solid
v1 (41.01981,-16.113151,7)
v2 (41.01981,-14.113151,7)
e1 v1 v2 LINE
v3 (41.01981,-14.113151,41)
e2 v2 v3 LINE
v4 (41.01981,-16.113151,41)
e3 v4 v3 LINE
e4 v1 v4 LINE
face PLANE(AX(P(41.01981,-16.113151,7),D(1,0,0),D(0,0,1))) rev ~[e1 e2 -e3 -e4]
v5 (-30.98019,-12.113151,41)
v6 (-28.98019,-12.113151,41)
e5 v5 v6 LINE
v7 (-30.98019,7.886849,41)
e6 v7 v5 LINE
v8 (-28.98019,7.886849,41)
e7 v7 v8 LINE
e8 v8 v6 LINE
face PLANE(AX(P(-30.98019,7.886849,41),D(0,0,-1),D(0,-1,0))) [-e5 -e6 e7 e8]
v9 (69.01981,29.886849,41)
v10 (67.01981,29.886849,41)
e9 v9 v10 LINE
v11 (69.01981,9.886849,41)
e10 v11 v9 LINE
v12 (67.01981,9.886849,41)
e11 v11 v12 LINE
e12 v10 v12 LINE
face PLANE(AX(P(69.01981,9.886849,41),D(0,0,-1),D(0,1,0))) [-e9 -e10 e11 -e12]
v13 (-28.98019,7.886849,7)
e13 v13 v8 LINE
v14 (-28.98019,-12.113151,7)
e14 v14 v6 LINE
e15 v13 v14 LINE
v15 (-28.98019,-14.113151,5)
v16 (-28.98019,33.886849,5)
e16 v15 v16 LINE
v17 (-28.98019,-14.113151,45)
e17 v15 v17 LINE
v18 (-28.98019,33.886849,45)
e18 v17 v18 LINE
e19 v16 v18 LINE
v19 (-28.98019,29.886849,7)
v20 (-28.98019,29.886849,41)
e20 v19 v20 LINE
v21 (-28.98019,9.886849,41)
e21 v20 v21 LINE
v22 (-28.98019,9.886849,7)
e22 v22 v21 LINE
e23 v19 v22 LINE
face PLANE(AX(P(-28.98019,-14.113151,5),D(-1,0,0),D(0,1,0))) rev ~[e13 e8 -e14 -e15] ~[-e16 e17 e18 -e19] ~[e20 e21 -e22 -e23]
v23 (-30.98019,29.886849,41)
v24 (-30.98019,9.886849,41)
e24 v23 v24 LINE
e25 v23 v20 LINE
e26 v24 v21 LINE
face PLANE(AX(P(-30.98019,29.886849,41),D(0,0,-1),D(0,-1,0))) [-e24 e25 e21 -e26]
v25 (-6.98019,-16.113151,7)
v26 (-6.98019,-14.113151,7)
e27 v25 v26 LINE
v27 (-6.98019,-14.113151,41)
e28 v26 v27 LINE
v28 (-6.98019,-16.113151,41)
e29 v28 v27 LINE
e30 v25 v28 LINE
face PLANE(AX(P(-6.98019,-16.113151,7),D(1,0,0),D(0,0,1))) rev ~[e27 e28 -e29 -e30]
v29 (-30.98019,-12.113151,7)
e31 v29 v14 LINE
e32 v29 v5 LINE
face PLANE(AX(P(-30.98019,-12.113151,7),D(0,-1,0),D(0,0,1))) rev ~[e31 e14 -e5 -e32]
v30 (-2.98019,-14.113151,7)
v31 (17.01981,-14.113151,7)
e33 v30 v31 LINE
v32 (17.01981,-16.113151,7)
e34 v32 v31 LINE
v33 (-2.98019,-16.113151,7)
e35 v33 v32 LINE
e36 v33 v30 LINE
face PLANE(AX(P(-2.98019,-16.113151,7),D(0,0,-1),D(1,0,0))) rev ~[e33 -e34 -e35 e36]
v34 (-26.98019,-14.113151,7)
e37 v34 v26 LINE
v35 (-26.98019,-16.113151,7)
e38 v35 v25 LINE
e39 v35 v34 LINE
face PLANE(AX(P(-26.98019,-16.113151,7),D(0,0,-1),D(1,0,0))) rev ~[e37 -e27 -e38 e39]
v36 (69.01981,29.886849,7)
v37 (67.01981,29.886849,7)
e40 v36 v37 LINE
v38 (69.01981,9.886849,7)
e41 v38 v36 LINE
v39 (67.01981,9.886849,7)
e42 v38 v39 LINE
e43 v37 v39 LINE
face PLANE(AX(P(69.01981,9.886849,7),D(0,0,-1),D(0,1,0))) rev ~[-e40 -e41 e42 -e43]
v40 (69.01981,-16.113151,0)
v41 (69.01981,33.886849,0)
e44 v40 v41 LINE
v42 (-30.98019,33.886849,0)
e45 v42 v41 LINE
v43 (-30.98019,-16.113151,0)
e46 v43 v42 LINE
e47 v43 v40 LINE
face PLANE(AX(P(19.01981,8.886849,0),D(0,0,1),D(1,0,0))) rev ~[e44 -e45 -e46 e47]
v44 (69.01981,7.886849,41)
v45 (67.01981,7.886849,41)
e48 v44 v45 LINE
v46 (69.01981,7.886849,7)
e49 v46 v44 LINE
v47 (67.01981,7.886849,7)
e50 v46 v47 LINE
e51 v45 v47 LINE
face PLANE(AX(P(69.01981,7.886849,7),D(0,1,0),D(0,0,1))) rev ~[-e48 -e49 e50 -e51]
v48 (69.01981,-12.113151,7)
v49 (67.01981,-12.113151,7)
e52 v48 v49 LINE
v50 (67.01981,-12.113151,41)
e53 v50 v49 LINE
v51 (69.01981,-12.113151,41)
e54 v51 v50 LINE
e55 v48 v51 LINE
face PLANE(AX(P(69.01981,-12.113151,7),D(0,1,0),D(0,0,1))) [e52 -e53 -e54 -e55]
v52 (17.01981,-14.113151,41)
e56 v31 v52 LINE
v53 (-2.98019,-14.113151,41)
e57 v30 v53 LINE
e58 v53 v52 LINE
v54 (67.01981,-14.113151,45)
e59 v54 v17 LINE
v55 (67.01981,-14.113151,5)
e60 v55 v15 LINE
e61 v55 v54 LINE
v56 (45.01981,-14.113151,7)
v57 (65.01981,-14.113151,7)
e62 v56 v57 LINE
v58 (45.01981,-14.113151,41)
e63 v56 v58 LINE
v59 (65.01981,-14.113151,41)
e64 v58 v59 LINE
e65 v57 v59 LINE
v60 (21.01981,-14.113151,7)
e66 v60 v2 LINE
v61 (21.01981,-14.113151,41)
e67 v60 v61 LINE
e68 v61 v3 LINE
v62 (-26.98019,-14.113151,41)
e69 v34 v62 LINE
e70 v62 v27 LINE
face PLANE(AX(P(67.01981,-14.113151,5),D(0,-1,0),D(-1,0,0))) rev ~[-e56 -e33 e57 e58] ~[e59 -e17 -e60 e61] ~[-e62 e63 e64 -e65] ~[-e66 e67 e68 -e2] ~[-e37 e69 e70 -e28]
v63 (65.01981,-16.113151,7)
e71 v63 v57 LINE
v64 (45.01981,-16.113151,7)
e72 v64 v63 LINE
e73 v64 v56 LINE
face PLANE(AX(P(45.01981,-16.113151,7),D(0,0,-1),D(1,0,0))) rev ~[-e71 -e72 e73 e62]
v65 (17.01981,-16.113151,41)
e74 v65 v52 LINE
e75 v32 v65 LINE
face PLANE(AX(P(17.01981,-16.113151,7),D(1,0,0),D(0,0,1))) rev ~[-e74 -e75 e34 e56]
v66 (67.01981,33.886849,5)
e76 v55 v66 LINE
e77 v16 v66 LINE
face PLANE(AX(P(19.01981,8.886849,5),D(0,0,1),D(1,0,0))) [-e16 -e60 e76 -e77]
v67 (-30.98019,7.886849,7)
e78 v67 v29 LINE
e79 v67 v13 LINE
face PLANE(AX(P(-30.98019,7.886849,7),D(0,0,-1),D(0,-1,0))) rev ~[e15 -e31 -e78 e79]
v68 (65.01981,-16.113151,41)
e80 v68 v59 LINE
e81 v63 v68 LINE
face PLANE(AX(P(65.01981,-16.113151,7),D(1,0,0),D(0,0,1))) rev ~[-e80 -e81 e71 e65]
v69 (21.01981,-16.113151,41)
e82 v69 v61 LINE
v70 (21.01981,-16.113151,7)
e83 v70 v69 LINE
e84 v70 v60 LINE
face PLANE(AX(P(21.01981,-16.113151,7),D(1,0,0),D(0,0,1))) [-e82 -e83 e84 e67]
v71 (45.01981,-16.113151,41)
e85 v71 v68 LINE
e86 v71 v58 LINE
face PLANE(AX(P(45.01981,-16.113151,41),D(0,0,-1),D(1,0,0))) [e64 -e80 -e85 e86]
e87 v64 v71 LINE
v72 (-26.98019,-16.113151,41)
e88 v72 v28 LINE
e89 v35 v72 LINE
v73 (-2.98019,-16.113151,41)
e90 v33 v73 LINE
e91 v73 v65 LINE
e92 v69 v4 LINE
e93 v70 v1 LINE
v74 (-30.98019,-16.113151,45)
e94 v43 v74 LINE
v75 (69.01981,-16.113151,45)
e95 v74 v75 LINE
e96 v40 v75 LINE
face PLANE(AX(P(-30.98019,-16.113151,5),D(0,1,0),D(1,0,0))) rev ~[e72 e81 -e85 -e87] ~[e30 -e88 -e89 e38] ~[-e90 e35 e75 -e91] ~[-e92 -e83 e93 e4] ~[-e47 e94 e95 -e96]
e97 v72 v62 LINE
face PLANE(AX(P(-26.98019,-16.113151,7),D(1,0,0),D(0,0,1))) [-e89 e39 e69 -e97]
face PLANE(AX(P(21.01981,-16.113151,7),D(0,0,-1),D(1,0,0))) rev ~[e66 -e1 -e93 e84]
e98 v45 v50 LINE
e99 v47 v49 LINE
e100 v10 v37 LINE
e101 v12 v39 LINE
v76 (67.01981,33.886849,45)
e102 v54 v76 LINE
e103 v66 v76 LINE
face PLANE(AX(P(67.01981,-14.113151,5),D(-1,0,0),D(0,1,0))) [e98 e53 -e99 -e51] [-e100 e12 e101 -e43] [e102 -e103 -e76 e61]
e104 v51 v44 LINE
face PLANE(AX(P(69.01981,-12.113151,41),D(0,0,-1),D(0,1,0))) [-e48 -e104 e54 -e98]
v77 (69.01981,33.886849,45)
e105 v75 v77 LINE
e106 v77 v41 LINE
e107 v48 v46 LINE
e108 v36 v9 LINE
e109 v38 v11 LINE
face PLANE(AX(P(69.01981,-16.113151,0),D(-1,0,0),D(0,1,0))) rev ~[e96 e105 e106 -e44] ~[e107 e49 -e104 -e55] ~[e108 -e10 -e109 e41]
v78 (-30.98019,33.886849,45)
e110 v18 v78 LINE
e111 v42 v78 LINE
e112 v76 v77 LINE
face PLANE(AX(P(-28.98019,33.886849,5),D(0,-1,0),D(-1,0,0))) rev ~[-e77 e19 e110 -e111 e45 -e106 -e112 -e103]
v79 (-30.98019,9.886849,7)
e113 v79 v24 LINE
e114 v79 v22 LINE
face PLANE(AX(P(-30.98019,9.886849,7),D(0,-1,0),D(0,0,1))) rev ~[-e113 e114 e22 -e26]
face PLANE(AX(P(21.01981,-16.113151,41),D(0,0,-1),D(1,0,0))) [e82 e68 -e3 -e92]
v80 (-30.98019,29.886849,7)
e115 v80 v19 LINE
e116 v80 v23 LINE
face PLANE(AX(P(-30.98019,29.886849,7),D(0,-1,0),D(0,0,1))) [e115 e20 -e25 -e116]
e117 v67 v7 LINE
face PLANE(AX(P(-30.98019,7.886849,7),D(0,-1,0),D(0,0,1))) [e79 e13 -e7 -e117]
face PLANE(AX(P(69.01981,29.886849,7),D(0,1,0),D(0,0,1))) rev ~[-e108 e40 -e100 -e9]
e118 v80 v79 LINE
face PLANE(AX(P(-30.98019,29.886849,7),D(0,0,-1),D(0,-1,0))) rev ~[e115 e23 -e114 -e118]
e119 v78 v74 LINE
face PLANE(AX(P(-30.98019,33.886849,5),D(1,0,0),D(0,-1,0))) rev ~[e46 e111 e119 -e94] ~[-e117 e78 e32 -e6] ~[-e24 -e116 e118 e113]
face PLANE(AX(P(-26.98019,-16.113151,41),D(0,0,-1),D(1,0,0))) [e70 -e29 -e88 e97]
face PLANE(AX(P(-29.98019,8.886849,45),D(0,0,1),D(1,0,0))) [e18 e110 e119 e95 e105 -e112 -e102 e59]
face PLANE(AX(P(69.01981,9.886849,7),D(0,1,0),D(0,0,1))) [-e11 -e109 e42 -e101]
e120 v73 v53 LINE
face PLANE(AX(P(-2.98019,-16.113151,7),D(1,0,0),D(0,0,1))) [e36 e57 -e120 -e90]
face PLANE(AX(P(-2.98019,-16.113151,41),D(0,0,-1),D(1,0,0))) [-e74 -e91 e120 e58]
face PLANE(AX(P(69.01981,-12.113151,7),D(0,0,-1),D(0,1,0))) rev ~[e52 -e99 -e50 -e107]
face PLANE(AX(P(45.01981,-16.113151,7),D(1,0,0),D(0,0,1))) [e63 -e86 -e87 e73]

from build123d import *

# Parameters (mm, degrees)
F0_W     = 100
F0_H     = 50
F1_DEPTH = 5
F2_W     = 2
F2_H     = 48
F3_DEPTH = 40
F4_W     = 20
F4_H     = 34
F5_DEPTH = 5
F6_W     = 20
F6_H     = 34
F7_DEPTH = 5
F8_W     = 20
F8_H     = 34
F9_DEPTH = 5


with BuildPart() as f1:
    # F0 (on Top) → F1 (new body)
    with BuildSketch(Plane.XY):
        with Locations((19.01981, 8.886849)):
            Rectangle(F0_W, F0_H)
    extrude(amount=F1_DEPTH)

    # F2 (on face) → F3 (join)
    with BuildSketch(Plane.XY.offset(5)):
        Polygon((-28.98019, 33.886849), (-30.98019, 33.886849), (-30.98019, -16.113151), (-28.98019, -16.113151), (-28.98019, -14.113151), align=None)
        Polygon((67.01981, -14.113151), (-28.98019, -14.113151), (-28.98019, -16.113151), (69.01981, -16.113151), (69.01981, -14.113151), align=None)
        with Locations((68.01981, 9.886849)):
            Rectangle(F2_W, F2_H)
    extrude(amount=F3_DEPTH)

    # F4 (on face) → F5 (cut)
    with BuildSketch(Plane.XZ.offset(16.113151)):
        with Locations((-16.98019, 24)):
            Rectangle(F4_W, F4_H)
        with Locations((7.01981, 24)):
            Rectangle(F4_W, F4_H)
        with Locations((31.01981, 24)):
            Rectangle(F4_W, F4_H)
        with Locations((55.01981, 24)):
            Rectangle(F4_W, F4_H)
    extrude(amount=-F5_DEPTH, mode=Mode.SUBTRACT)

    # F6 (on face) → F7 (cut)
    with BuildSketch(Plane(origin=(-30.98019, 0, 0), x_dir=(0, -1, 0), z_dir=(-1, 0, 0))):
        with Locations((-19.886849, 24)):
            Rectangle(F6_W, F6_H)
        with Locations((2.113151, 24)):
            Rectangle(F6_W, F6_H)
    extrude(amount=-F7_DEPTH, mode=Mode.SUBTRACT)

    # F8 (on face) → F9 (cut)
    with BuildSketch(Plane.YZ.offset(69.01981)):
        with Locations((-2.113151, 24)):
            Rectangle(F8_W, F8_H)
        with Locations((19.886849, 24)):
            Rectangle(F8_W, F8_H)
    extrude(amount=-F9_DEPTH, mode=Mode.SUBTRACT)


solid = f1.part
